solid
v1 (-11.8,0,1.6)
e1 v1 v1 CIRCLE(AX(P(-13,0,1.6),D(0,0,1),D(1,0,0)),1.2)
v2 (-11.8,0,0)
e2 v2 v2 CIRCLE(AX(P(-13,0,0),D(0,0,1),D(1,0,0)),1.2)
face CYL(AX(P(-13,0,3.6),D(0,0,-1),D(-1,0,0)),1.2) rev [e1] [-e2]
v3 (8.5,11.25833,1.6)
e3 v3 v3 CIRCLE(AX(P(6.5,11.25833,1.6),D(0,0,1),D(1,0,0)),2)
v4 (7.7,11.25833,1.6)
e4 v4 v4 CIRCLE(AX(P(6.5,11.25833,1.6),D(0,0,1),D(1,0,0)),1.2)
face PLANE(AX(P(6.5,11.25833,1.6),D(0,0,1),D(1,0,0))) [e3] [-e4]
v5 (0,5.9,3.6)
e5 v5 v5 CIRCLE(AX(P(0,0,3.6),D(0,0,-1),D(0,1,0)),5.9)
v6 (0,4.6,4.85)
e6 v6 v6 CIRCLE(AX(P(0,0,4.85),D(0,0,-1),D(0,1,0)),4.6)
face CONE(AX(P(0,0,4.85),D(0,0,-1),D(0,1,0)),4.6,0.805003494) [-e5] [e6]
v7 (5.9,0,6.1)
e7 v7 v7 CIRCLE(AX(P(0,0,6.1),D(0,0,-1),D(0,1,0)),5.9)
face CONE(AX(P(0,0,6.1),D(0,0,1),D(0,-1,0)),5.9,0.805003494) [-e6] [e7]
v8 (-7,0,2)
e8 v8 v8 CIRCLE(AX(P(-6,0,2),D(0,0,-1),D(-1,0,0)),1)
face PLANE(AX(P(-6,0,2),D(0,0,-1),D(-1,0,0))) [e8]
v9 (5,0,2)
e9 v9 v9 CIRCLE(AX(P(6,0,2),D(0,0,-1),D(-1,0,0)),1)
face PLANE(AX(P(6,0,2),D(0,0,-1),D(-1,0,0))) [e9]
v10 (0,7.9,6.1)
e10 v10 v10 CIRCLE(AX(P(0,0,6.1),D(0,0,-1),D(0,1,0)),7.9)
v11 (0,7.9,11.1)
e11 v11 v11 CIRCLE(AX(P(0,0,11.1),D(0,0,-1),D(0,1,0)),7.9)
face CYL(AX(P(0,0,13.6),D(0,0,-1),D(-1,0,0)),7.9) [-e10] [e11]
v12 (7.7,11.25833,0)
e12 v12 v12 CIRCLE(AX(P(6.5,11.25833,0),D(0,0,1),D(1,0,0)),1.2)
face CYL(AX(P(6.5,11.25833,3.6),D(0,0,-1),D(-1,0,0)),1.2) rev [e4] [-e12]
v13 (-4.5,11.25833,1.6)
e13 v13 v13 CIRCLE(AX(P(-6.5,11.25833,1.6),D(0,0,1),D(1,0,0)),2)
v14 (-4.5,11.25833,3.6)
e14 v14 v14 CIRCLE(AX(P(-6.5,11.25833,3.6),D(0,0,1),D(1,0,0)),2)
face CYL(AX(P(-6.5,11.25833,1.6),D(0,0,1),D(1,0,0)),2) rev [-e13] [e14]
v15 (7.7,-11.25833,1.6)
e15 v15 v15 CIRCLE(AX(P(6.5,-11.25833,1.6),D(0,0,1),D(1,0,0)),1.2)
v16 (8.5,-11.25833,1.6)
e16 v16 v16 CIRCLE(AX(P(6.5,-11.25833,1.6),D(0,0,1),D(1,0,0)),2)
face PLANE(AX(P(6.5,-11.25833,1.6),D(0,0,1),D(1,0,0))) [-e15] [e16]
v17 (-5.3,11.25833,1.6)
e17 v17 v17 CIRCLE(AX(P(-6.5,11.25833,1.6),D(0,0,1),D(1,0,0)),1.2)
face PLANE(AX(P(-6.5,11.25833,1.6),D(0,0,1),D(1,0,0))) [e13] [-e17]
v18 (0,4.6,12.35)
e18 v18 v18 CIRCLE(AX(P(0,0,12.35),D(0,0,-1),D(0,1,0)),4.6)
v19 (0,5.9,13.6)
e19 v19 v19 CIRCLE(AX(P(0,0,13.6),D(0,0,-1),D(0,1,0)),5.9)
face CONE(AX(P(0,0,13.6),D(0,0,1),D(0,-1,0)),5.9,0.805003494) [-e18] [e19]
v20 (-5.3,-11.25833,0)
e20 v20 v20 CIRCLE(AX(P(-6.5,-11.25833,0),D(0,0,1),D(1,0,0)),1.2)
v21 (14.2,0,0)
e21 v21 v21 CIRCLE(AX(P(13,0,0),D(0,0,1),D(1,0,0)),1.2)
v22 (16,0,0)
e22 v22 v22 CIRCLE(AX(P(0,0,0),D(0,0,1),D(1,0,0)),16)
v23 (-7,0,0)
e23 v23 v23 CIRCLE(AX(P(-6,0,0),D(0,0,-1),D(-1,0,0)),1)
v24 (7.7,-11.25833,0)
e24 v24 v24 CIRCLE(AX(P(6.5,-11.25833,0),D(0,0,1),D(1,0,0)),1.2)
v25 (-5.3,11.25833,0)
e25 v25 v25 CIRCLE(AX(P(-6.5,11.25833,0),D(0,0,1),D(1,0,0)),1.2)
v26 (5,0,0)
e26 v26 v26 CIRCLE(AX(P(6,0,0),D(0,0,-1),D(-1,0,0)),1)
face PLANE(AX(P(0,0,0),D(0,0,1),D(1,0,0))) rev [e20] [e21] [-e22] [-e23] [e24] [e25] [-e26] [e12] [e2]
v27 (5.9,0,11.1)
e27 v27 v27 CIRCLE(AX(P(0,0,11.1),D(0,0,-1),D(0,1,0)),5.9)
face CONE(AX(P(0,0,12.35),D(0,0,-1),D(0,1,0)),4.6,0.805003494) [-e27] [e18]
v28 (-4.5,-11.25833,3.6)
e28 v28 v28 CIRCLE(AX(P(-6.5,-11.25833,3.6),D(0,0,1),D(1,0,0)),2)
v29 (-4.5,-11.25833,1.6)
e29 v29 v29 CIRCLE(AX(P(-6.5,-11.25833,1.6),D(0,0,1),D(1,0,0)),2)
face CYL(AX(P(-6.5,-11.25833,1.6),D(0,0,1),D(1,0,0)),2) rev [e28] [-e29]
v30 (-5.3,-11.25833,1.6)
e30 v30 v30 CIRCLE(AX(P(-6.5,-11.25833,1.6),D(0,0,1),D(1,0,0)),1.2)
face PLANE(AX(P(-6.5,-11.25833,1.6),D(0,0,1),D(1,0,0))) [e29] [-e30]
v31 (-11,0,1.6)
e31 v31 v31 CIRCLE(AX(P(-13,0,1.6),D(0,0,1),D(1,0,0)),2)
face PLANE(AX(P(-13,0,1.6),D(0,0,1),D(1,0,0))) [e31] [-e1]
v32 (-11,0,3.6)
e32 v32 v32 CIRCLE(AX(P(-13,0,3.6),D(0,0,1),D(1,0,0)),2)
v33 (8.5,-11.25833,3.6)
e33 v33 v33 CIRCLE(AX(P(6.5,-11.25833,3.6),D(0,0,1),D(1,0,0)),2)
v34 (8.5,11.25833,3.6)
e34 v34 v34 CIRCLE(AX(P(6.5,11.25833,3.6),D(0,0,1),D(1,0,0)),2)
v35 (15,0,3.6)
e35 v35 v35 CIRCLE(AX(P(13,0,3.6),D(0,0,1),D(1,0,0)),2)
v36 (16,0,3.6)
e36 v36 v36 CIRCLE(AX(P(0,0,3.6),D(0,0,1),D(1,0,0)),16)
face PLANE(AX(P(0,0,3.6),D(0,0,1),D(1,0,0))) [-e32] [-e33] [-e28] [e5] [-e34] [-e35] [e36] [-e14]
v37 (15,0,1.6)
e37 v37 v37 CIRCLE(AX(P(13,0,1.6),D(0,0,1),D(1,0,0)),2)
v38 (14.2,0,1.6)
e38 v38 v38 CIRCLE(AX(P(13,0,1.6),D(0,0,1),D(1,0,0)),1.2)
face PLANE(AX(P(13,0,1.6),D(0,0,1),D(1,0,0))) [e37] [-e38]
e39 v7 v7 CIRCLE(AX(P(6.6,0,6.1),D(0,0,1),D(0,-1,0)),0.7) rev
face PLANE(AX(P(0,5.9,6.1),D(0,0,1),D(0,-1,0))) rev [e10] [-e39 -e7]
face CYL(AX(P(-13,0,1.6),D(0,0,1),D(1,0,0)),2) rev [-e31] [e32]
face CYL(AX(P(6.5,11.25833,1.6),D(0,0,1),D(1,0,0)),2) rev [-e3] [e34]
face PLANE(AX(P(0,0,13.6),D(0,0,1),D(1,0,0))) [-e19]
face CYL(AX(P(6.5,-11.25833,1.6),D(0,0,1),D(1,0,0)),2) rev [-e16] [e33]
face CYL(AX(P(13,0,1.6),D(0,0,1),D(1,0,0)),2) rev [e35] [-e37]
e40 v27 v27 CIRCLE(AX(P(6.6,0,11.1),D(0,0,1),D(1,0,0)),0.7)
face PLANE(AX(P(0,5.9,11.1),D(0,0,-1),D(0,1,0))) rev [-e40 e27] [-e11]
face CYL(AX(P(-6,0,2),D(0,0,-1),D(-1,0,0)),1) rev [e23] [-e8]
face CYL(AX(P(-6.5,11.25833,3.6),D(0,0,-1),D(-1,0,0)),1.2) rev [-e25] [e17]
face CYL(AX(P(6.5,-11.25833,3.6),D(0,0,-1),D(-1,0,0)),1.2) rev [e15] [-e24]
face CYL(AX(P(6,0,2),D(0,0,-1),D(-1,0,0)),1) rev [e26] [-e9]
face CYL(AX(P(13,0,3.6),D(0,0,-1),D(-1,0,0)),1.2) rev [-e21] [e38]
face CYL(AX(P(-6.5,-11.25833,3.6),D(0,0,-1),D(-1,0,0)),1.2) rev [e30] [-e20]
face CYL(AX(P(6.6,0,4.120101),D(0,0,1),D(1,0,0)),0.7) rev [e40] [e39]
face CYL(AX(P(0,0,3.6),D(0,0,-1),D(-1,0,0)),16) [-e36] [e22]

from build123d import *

# Parameters (mm, degrees)
SKETCH_1_R          = 16
SKETCH_1_R_2        = 1.2
EXTRUDE_1_DEPTH     = 3.6
SKETCH_2_R          = 2
CUT_EXTRUDE_1_DEPTH = 2
SKETCH_3_R          = 1
CUT_EXTRUDE_2_DEPTH = 2
SKETCH_4_R          = 7.9
EXTRUDE_2_DEPTH     = 10
SKETCH_6_R          = 0.7
CUT_EXTRUDE_3_DEPTH = 5


with BuildPart() as part:
    # 스케치1 → 보스-돌출1 (new body)
    with BuildSketch(Plane.XY):
        Circle(SKETCH_1_R)
        with Locations((13, 0)):
            Circle(SKETCH_1_R_2, mode=Mode.SUBTRACT)
        with Locations((6.5, -11.258330249)):
            Circle(SKETCH_1_R_2, mode=Mode.SUBTRACT)
        with Locations((-6.5, -11.258330249)):
            Circle(SKETCH_1_R_2, mode=Mode.SUBTRACT)
        with Locations((-13, 0)):
            Circle(SKETCH_1_R_2, mode=Mode.SUBTRACT)
        with Locations((-6.5, 11.258330249)):
            Circle(SKETCH_1_R_2, mode=Mode.SUBTRACT)
        with Locations((6.5, 11.258330249)):
            Circle(SKETCH_1_R_2, mode=Mode.SUBTRACT)
    extrude(amount=EXTRUDE_1_DEPTH)

    # 스케치2 → 컷-돌출1 (cut)
    with BuildSketch(Plane.XY.offset(3.6)):
        with Locations((13, 0)):
            Circle(SKETCH_2_R)
        with Locations((6.5, -11.258330249)):
            Circle(SKETCH_2_R)
        with Locations((-6.5, -11.258330249)):
            Circle(SKETCH_2_R)
        with Locations((-13, 0)):
            Circle(SKETCH_2_R)
        with Locations((-6.5, 11.258330249)):
            Circle(SKETCH_2_R)
        with Locations((6.5, 11.258330249)):
            Circle(SKETCH_2_R)
    extrude(amount=-CUT_EXTRUDE_1_DEPTH, mode=Mode.SUBTRACT)

    # 스케치3 → 컷-돌출2 (cut)
    with BuildSketch(Plane(origin=(0, 0, 0), x_dir=(-1, 0, 0), z_dir=(0, 0, -1))):
        with Locations((-6, 0)):
            Circle(SKETCH_3_R)
        with Locations((6, 0)):
            Circle(SKETCH_3_R)
    extrude(amount=-CUT_EXTRUDE_2_DEPTH, mode=Mode.SUBTRACT)

    # 스케치4 → 보스-돌출2 (add)
    with BuildSketch(Plane.XY.offset(3.6)):
        Circle(SKETCH_4_R)
    extrude(amount=EXTRUDE_2_DEPTH)

    # 스케치5 → 컷-회전1 (revolve, cut)
    with BuildSketch(Plane(origin=(0, 0, 0), x_dir=(0, 0, -1), z_dir=(1, 0, 0))):
        Polygon((-13.6, 7.9), (-13.6, 5.9), (-12.35, 4.6), (-11.1, 5.9), (-11.1, 7.9), align=None)
        Polygon((-6.1, 7.9), (-3.6, 7.9), (-3.6, 5.9), (-4.85, 4.6), (-6.1, 5.9), align=None)
    revolve(axis=Axis((0, 0, 0), (0, 0, 1)), mode=Mode.SUBTRACT)

    # 스케치6 → 컷-돌출3 (cut)
    with BuildSketch(Plane.XY.offset(11.1)):
        with Locations((6.6, 0)):
            Circle(SKETCH_6_R)
    extrude(amount=-CUT_EXTRUDE_3_DEPTH, mode=Mode.SUBTRACT)


solid = part.part
